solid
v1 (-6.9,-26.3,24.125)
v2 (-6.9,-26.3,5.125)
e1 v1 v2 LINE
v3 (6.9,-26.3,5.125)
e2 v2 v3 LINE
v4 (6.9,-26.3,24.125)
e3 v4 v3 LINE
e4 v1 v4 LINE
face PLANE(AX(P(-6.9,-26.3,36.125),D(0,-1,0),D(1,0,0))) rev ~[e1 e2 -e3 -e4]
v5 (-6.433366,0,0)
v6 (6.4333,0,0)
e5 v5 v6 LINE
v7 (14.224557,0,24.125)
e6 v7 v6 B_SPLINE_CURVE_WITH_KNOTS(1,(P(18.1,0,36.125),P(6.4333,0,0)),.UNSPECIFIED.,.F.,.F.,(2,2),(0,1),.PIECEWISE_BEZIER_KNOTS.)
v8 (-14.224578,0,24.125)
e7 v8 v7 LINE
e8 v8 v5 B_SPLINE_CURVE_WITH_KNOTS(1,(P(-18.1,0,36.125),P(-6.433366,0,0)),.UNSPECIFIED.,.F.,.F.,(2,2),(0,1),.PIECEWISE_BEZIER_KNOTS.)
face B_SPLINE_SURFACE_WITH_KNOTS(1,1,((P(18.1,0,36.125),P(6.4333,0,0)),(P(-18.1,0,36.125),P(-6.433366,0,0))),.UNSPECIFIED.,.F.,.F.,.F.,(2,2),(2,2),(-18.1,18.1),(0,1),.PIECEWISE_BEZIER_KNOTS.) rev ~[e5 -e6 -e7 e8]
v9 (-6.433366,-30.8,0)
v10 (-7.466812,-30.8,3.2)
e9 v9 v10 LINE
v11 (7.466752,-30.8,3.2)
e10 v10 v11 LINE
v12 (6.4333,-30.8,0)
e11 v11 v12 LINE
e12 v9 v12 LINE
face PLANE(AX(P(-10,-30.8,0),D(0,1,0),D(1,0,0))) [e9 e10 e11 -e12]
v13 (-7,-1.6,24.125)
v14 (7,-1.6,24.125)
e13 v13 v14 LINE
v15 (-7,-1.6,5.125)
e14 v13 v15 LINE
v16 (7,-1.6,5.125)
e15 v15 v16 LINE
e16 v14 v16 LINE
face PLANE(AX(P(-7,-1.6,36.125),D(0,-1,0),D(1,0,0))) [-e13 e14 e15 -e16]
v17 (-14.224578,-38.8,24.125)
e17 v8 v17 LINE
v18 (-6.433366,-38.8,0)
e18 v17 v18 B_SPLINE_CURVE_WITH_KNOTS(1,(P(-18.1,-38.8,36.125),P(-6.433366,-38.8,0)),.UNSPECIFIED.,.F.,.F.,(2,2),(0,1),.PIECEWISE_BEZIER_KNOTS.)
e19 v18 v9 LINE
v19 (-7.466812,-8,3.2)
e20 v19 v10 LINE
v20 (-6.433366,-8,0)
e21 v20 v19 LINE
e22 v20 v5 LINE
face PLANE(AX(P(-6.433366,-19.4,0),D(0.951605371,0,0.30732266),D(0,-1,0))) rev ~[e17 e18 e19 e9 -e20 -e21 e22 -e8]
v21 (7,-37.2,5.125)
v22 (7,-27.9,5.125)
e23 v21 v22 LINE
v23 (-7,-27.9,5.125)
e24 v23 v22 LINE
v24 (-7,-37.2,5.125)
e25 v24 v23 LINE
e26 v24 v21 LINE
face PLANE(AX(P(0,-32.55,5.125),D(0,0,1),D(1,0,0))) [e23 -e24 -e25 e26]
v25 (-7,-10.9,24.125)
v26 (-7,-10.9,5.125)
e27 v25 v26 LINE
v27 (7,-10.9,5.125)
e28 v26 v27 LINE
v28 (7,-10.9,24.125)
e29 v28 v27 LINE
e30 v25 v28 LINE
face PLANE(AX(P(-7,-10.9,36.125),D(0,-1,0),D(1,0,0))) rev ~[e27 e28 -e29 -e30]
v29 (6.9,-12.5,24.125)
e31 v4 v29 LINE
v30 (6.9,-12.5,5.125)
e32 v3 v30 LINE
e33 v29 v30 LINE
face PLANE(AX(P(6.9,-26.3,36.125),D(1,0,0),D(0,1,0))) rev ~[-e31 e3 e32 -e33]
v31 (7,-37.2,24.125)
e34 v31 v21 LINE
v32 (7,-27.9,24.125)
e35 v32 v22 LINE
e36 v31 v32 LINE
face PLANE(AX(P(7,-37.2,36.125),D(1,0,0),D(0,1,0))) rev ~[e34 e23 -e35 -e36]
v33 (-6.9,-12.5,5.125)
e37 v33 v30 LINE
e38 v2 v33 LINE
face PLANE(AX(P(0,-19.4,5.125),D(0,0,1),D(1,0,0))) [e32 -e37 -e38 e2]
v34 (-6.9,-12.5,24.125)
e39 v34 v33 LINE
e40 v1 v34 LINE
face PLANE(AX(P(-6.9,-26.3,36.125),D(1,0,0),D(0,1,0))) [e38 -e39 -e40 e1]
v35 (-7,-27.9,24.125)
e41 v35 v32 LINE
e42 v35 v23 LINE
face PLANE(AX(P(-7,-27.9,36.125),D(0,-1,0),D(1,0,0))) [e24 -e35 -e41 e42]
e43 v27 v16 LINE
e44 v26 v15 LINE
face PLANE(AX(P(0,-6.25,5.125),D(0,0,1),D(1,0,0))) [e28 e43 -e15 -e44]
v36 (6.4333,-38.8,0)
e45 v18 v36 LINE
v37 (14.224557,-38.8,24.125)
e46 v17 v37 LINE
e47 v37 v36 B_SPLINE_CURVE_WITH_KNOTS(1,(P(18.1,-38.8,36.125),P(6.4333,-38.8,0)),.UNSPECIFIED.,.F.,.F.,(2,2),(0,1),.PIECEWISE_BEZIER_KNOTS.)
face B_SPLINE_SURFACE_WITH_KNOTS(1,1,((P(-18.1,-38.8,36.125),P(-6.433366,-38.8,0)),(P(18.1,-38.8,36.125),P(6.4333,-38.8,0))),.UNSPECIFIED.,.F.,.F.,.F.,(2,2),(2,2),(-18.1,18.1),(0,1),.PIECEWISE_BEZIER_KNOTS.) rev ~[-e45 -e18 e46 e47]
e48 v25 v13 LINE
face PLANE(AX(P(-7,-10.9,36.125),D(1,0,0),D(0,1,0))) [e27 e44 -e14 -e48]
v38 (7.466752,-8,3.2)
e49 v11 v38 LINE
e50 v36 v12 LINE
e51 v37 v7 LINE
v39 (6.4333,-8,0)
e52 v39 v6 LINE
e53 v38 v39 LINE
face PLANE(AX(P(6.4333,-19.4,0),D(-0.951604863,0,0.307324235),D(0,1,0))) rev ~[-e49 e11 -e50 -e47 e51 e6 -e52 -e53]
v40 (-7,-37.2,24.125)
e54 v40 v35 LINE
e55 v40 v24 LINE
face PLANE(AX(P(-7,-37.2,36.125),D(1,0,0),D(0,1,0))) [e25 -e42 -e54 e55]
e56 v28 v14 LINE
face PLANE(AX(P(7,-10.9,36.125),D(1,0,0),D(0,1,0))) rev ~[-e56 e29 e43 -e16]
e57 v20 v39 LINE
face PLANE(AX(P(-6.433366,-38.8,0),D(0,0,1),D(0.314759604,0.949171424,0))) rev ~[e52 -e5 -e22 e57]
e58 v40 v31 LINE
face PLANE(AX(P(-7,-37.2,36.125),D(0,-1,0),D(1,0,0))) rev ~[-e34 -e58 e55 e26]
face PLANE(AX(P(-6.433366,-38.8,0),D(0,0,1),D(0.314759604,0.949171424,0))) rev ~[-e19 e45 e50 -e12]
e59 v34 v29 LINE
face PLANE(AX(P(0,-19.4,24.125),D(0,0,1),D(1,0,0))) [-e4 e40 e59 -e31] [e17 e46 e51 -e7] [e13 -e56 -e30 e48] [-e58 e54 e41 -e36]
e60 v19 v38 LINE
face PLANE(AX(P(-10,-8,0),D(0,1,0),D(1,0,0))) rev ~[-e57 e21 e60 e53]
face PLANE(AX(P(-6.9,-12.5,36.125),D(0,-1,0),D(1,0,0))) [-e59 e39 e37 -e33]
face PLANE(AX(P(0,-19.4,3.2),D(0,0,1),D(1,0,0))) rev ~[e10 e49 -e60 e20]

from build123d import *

# Parameters (mm, degrees)
F1_W      = 36.2
F1_H      = 38.8
F2_W      = 12.866667
F2_H      = 38.8
F3_FACE_W = 36.2
F3_FACE_H = 38.8
F4_DEPTH  = 12
F5_W      = 13.8
F5_H      = 13.8
F6_DEPTH  = 31
F7_W      = 20
F7_H      = 22.8
F8_DEPTH  = 3.2
F9_W      = 14
F9_H      = 9.3
F10_DEPTH = 31


with BuildPart() as f3:
    # F1 (on offset) → F3 section 0
    with BuildSketch(Plane.XY.offset(36.125)):
        with Locations((0, -19.4)):
            Rectangle(F1_W, F1_H)
    # F2 (on Top) → F3 section 1
    with BuildSketch(Plane.XY):
        with Locations((-3.3e-05, -19.4)):
            Rectangle(F2_W, F2_H)
    loft()

    # F3_face (on face) → F4 (cut)
    with BuildSketch(Plane(origin=(0, -19.4, 36.125), x_dir=(1, 0, 0), z_dir=(0, 0, 1))):
        Rectangle(F3_FACE_W, F3_FACE_H)
    extrude(amount=-F4_DEPTH, mode=Mode.SUBTRACT)

    # F5 (on offset) → F6 (cut)
    with BuildSketch(Plane.XY.offset(36.125)):
        with Locations((0, -19.4)):
            Rectangle(F5_W, F5_H)
    extrude(amount=-F6_DEPTH, mode=Mode.SUBTRACT)

    # F7 (on Top) → F8 (cut)
    with BuildSketch(Plane.XY):
        with Locations((0, -19.4)):
            Rectangle(F7_W, F7_H)
    extrude(amount=F8_DEPTH, mode=Mode.SUBTRACT)

    # F9 (on offset) → F10 (cut)
    with BuildSketch(Plane.XY.offset(36.125)):
        with Locations((0, -6.25)):
            Rectangle(F9_W, F9_H)
        with Locations((0, -32.55)):
            Rectangle(F9_W, F9_H)
    extrude(amount=-F10_DEPTH, mode=Mode.SUBTRACT)


solid = f3.part
